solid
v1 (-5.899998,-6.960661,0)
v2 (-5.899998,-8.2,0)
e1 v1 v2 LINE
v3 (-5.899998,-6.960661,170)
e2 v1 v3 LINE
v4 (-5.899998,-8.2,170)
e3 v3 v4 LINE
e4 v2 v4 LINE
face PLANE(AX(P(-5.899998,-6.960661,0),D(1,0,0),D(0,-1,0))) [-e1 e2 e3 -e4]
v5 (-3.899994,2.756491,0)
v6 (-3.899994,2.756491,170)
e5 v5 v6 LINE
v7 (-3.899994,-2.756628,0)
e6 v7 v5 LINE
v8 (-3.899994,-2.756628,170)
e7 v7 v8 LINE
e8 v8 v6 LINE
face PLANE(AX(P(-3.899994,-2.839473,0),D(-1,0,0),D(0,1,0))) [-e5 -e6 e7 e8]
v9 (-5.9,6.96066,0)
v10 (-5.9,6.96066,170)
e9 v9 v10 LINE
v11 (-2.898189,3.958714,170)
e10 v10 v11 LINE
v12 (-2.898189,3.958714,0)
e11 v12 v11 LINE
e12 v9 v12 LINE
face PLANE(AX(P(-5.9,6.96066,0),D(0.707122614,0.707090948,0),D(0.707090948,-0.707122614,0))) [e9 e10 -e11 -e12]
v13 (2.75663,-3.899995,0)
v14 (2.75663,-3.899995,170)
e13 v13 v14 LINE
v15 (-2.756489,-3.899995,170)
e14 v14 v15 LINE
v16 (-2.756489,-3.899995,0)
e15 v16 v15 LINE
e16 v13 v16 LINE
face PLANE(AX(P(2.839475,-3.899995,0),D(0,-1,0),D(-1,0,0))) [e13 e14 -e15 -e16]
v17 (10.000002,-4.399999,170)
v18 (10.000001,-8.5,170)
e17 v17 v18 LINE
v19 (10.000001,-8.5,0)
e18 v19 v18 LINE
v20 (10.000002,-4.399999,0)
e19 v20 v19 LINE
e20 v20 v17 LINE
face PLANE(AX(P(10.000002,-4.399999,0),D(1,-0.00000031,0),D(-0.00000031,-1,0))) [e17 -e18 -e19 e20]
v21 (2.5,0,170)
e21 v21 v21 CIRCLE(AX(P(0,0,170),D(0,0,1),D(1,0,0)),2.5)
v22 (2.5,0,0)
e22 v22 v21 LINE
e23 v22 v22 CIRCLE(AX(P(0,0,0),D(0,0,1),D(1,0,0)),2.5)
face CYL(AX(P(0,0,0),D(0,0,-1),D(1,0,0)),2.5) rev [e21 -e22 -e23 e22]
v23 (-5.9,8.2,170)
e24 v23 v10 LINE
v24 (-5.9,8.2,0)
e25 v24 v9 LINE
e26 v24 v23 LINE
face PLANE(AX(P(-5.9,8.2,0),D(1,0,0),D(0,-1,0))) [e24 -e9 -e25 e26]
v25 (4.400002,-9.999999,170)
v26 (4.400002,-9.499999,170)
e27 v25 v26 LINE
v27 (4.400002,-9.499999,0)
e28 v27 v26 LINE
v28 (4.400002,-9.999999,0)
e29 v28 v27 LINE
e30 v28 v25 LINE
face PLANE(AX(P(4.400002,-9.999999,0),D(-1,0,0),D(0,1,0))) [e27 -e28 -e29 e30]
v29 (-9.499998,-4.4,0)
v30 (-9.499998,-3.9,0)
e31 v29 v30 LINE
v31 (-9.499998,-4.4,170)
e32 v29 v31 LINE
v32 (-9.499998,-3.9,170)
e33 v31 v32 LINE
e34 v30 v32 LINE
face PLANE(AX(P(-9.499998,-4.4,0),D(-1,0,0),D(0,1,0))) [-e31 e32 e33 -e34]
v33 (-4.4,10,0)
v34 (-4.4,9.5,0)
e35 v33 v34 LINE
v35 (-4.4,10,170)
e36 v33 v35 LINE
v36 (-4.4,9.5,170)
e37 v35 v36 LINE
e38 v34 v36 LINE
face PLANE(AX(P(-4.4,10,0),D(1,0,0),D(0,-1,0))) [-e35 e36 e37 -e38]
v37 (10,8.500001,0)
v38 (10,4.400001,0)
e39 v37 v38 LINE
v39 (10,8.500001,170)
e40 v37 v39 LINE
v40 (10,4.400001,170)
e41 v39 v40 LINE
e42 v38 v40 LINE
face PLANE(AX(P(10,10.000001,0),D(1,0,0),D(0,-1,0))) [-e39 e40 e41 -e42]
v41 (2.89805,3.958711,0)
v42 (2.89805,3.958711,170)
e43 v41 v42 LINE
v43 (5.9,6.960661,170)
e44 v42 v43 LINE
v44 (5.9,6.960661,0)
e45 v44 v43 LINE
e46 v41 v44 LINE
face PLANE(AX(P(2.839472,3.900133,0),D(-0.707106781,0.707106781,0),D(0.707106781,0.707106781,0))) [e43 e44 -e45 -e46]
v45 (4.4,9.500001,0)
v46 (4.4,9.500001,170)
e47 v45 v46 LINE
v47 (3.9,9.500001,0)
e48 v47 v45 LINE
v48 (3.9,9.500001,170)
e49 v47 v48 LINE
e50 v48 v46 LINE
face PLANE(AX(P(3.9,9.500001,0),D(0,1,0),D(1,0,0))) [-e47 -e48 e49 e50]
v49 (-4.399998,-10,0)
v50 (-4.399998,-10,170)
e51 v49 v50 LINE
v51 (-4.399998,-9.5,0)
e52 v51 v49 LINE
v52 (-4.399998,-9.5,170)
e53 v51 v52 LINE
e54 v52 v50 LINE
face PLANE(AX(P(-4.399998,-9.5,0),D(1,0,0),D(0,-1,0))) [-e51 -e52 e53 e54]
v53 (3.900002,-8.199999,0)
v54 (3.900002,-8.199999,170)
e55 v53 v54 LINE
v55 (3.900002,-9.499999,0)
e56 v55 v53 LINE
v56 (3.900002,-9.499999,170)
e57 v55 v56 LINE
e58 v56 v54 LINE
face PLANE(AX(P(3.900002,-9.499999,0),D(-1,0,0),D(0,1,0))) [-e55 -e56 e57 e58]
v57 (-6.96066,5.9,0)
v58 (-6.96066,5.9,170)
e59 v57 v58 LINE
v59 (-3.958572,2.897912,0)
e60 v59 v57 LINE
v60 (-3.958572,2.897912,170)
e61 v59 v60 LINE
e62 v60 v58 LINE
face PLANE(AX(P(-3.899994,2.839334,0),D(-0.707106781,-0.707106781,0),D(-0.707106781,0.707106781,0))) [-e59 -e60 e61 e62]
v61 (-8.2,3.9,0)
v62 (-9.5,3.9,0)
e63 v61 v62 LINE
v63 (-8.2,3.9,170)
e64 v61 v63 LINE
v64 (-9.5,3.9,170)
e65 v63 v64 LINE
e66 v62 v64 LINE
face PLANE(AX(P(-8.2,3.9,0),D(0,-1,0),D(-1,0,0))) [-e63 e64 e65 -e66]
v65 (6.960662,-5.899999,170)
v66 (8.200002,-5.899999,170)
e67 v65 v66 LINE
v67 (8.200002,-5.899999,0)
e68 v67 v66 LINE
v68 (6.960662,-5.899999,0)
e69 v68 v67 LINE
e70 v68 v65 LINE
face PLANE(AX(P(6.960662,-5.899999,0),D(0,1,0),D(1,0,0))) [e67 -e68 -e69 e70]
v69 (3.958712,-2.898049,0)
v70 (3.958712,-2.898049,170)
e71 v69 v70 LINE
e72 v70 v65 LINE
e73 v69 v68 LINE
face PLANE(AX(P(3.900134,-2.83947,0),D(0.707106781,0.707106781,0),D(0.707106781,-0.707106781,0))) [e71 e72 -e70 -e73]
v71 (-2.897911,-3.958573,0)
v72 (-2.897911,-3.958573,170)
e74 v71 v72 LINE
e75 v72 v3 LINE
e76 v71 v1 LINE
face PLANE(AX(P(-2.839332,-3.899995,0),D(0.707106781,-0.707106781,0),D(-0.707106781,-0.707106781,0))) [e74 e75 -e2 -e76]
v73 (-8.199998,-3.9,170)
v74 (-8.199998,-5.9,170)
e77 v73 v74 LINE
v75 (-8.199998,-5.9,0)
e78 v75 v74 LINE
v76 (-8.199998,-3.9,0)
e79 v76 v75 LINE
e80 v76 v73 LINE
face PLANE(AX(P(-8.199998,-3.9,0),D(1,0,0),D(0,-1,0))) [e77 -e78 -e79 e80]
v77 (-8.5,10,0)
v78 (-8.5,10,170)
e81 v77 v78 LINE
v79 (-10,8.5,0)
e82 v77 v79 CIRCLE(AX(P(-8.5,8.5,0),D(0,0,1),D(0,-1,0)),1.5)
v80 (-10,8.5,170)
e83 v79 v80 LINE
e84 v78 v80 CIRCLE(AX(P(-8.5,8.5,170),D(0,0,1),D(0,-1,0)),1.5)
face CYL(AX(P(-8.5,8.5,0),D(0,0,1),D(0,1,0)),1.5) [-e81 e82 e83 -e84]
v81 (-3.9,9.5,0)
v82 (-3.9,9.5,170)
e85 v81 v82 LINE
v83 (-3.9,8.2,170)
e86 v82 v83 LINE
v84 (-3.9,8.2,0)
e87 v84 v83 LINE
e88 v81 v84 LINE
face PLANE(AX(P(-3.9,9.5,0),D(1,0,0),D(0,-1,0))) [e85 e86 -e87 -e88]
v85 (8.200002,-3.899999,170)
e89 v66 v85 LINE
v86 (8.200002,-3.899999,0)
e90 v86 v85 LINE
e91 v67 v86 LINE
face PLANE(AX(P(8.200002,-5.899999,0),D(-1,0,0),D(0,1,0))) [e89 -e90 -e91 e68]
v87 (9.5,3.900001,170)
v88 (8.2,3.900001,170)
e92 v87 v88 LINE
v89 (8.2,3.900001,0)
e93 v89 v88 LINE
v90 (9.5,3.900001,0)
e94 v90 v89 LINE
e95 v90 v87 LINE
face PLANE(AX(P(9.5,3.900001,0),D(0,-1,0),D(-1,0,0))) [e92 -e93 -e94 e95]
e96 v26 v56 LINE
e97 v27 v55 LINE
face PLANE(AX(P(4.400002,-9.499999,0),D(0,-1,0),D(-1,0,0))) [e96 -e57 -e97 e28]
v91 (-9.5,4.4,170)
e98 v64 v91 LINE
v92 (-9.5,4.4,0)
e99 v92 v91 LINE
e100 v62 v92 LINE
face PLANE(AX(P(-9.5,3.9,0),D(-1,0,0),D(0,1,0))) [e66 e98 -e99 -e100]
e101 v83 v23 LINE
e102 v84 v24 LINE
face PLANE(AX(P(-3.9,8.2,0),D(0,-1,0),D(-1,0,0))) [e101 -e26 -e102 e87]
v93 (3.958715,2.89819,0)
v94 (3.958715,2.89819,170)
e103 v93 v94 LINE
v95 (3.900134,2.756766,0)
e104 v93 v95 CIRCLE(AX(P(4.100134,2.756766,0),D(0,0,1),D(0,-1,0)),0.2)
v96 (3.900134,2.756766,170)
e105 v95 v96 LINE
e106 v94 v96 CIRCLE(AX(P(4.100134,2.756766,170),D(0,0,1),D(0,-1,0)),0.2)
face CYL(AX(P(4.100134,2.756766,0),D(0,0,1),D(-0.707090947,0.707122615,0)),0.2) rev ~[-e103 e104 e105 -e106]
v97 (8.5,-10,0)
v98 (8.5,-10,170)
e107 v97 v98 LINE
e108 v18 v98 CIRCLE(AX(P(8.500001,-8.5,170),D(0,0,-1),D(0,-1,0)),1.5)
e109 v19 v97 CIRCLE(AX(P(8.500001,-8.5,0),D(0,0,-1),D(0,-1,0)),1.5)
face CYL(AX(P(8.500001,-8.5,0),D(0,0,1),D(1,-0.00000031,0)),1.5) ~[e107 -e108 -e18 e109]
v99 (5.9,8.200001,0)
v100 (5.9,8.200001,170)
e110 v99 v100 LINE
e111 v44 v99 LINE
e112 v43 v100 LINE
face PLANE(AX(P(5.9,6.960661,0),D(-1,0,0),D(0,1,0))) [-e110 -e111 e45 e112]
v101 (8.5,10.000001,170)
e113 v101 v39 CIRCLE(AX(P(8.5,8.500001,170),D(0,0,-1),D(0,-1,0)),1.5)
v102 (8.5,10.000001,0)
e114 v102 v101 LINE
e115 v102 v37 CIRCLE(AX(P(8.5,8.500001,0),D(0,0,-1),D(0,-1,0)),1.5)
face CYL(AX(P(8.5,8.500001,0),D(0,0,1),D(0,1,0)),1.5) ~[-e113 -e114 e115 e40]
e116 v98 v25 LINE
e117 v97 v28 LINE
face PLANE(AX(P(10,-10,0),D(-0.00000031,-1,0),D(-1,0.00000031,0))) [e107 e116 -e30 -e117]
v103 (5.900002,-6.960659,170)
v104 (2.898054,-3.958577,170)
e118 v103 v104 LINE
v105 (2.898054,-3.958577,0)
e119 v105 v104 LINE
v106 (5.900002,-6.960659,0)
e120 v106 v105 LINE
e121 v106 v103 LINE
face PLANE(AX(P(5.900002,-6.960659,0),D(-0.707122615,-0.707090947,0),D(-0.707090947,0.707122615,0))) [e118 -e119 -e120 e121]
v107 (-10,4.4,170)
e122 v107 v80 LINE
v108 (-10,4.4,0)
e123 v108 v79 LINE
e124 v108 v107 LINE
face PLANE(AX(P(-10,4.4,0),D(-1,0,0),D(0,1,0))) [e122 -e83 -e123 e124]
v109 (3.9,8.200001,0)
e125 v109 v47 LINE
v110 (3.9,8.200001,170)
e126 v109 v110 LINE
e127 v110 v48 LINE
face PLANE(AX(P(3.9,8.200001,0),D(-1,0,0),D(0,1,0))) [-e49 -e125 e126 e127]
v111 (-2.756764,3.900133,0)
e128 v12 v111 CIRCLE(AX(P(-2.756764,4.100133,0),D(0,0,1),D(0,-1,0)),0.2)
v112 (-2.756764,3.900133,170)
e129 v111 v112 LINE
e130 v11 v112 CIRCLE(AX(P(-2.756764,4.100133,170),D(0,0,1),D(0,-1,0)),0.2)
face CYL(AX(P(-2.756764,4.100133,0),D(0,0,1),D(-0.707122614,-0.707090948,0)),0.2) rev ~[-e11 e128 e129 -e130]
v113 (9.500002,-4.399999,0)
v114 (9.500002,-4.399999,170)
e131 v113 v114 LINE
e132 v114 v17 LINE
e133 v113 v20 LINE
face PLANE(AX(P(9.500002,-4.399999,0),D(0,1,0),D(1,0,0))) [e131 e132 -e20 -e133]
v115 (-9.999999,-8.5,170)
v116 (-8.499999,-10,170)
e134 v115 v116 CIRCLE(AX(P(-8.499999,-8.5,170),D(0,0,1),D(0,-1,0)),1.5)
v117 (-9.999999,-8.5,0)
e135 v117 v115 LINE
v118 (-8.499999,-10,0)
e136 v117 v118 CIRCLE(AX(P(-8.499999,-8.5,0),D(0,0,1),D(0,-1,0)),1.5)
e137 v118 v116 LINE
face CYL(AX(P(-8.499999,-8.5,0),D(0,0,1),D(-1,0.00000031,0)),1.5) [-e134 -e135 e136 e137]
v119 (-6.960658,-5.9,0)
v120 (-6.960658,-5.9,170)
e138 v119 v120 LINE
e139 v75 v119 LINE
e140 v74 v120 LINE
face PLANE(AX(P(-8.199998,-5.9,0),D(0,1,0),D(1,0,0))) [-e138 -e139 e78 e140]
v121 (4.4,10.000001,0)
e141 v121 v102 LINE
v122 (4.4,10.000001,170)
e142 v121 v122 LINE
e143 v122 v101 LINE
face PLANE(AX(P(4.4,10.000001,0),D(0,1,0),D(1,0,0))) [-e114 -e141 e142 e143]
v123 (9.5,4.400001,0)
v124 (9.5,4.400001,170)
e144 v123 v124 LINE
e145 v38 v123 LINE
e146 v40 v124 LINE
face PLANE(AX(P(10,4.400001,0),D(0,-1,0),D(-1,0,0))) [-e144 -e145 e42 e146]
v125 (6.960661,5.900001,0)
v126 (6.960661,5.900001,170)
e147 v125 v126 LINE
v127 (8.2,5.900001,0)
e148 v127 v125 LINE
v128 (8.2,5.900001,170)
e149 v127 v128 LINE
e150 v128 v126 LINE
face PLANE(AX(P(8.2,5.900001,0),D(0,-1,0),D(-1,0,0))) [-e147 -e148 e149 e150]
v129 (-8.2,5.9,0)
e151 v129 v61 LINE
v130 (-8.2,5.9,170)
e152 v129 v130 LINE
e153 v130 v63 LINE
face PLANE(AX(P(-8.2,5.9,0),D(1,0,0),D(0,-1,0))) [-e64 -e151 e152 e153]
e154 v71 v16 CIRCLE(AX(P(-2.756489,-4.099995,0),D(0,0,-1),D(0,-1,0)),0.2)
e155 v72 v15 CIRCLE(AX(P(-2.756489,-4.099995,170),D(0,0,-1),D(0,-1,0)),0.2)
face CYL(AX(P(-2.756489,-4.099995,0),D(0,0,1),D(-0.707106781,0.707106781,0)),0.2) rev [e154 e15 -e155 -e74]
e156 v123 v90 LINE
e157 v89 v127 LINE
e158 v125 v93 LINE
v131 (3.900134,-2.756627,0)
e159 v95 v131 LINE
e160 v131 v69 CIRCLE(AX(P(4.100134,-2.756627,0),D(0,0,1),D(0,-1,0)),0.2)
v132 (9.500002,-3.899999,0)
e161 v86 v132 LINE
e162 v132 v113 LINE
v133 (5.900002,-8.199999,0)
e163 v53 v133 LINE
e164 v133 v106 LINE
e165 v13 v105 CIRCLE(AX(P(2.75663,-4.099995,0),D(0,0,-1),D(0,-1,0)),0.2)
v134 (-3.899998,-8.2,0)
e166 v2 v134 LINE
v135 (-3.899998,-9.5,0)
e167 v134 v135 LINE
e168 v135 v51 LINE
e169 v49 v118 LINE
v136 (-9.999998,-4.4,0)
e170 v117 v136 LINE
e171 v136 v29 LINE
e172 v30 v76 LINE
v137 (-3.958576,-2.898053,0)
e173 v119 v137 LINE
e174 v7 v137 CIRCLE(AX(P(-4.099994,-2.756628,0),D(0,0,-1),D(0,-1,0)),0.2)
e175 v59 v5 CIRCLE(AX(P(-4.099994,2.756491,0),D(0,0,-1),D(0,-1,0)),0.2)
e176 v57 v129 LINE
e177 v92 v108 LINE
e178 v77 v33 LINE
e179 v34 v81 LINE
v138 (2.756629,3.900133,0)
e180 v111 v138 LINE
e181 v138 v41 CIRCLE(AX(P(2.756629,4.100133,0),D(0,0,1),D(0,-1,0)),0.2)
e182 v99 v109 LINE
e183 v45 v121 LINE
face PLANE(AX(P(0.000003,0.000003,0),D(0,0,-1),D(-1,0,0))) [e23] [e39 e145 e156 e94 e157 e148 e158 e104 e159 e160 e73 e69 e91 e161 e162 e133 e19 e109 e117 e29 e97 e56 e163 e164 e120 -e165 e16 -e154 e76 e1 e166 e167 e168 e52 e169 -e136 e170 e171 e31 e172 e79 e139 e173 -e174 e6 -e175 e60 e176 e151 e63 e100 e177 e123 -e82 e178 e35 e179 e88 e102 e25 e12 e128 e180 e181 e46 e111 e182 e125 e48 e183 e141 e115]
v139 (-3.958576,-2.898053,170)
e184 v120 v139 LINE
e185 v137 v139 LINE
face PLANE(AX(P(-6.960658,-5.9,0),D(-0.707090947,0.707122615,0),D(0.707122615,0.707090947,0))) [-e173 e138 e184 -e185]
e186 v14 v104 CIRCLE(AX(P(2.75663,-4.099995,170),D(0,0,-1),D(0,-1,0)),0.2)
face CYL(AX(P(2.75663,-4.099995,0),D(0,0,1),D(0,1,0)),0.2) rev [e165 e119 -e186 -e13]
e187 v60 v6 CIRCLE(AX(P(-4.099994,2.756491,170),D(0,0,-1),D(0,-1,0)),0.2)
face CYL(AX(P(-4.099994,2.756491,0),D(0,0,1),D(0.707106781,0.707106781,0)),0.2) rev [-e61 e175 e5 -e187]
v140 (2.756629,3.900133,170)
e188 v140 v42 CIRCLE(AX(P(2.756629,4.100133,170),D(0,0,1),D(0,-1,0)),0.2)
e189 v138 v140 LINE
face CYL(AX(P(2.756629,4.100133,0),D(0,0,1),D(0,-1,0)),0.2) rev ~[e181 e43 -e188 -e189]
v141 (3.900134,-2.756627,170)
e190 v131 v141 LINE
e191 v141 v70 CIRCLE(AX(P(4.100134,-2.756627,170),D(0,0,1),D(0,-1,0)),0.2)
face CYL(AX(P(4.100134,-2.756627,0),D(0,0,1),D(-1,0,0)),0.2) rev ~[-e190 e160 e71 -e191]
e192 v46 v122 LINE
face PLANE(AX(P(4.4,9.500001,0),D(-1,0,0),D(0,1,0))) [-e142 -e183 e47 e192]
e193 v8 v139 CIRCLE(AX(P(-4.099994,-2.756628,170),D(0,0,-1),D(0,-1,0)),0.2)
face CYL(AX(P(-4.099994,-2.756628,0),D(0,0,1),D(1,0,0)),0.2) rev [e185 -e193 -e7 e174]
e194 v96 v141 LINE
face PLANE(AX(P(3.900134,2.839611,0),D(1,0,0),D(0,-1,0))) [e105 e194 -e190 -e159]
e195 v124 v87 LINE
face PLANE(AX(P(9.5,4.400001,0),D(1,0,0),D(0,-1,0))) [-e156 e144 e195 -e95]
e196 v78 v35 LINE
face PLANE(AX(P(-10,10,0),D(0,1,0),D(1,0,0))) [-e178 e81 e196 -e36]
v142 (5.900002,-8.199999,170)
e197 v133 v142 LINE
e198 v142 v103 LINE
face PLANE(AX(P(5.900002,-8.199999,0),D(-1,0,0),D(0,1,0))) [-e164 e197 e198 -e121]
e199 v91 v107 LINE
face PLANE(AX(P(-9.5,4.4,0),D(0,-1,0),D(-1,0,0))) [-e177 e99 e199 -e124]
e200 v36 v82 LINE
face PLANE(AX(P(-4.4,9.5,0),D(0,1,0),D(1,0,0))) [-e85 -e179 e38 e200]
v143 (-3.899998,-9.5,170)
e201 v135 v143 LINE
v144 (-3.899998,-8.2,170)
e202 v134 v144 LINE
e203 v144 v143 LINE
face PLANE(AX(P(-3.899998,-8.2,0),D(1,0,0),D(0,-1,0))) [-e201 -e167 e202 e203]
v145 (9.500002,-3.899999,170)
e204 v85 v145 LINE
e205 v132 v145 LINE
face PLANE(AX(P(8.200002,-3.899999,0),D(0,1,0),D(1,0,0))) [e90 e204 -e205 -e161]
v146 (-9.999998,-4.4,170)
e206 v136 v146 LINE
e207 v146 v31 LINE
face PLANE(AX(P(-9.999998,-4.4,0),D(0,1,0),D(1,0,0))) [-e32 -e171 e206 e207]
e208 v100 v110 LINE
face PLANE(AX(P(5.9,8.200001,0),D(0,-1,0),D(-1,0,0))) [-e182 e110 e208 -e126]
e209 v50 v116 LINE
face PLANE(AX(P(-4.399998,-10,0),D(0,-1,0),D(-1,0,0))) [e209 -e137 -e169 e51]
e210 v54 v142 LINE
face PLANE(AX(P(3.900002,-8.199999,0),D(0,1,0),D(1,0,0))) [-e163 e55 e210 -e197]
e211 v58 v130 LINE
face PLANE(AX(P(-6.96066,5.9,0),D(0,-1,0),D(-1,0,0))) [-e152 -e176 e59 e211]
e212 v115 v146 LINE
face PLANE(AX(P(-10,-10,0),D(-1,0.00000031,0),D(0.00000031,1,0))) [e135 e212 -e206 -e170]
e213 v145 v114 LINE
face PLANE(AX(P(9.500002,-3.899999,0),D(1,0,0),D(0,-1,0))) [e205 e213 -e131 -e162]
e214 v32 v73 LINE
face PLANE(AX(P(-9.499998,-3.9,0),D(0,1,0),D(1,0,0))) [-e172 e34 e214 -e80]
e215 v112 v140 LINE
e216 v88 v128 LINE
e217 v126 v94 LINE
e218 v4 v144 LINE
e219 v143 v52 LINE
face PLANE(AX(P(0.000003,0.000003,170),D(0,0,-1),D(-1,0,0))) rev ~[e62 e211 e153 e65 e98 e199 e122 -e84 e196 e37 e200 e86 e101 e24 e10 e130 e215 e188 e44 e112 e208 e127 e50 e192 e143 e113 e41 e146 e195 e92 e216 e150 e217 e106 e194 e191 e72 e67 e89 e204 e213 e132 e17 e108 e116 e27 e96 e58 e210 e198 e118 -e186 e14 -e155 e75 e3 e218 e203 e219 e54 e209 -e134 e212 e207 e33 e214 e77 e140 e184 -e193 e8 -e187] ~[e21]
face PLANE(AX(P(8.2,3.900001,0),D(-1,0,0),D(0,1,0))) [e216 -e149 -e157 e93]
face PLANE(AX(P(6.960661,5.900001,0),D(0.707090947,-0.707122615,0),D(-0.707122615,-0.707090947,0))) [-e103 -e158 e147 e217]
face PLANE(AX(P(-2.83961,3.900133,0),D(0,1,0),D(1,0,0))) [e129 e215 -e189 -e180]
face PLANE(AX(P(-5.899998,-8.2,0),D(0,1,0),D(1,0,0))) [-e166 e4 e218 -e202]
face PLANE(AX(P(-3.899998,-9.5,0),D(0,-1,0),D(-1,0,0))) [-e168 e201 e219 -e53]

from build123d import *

# Parameters (mm, degrees)
SKETCH_1_R      = 2.5
EXTRUDE_1_DEPTH = 170
FILLET_1_R      = 1.5
FILLET_2_R      = 0.2


with BuildPart() as part:
    # 草图1 → 凸台-拉伸1 (new body)
    with BuildSketch(Plane.XY):
        Polygon((-9.999999566, 9.999999566), (-4.399999566, 9.999999566), (-4.399999566, 9.499999566), (-3.899999566, 9.499999566), (-3.899999566, 8.199999566), (-5.899999566, 8.199999566), (-5.899999566, 6.960659737), (-2.839609534, 3.900132646), (2.839471605, 3.900132646), (5.900000434, 6.960661475), (5.900000434, 8.200001303), (3.900000434, 8.200001303), (3.900000434, 9.500001303), (4.400000434, 9.500001303), (4.400000434, 10.000001303), (10.000000434, 10.000001303), (10.000000434, 4.400001303), (9.500000434, 4.400001303), (9.500000434, 3.900001303), (8.200000434, 3.900001303), (8.200000434, 5.900001303), (6.960660606, 5.900001303), (3.900133515, 2.839611272), (3.900133515, -2.839469868), (6.960662344, -5.899998697), (8.200002172, -5.899998697), (8.200002172, -3.899998697), (9.500002172, -3.899998697), (9.500002172, -4.399998697), (10.000002172, -4.399998697), (10.000000434, -10.000000434), (4.400002172, -9.999998697), (4.400002172, -9.499998697), (3.900002172, -9.499998697), (3.900002172, -8.199998697), (5.900002172, -8.199998697), (5.900002172, -6.960658869), (2.839475081, -3.899994711), (-2.839331933, -3.899994711), (-5.899997828, -6.960660606), (-5.899997828, -8.200000434), (-3.899997828, -8.200000434), (-3.899997828, -9.500000434), (-4.399997828, -9.500000434), (-4.399997828, -10.000000434), (-9.999999566, -10.000000434), (-9.999997828, -4.400000434), (-9.499997828, -4.400000434), (-9.499997828, -3.900000434), (-8.199997828, -3.900000434), (-8.199997828, -5.900000434), (-6.960658, -5.900000434), (-3.899993842, -2.839473343), (-3.899993842, 2.83933367), (-6.960659737, 5.899999566), (-8.199999566, 5.899999566), (-8.199999566, 3.899999566), (-9.499999566, 3.899999566), (-9.499999566, 4.399999566), (-9.999999566, 4.399999566), align=None)
        Circle(SKETCH_1_R, mode=Mode.SUBTRACT)
    extrude(amount=EXTRUDE_1_DEPTH)

    # 圆角1
    fillet_1_edges = [part.edges().sort_by_distance(p)[0] for p in [
        (10.000000434, 10.000001303, 85),
        (10.000000434, -10.000000434, 85),
        (-9.999999566, -10.000000434, 85),
        (-9.999999566, 9.999999566, 85),
    ]]
    fillet(fillet_1_edges, radius=FILLET_1_R)

    # 圆角2
    fillet_2_edges = [part.edges().sort_by_distance(p)[0] for p in [
        (3.900133515, 2.839611272, 85),
        (3.900133515, -2.839469868, 85),
        (2.839475081, -3.899994711, 85),
        (-2.839331933, -3.899994711, 85),
        (-3.899993842, -2.839473343, 85),
        (-3.899993842, 2.83933367, 85),
        (-2.839609534, 3.900132646, 85),
        (2.839471605, 3.900132646, 85),
    ]]
    fillet(fillet_2_edges, radius=FILLET_2_R)


solid = part.part
